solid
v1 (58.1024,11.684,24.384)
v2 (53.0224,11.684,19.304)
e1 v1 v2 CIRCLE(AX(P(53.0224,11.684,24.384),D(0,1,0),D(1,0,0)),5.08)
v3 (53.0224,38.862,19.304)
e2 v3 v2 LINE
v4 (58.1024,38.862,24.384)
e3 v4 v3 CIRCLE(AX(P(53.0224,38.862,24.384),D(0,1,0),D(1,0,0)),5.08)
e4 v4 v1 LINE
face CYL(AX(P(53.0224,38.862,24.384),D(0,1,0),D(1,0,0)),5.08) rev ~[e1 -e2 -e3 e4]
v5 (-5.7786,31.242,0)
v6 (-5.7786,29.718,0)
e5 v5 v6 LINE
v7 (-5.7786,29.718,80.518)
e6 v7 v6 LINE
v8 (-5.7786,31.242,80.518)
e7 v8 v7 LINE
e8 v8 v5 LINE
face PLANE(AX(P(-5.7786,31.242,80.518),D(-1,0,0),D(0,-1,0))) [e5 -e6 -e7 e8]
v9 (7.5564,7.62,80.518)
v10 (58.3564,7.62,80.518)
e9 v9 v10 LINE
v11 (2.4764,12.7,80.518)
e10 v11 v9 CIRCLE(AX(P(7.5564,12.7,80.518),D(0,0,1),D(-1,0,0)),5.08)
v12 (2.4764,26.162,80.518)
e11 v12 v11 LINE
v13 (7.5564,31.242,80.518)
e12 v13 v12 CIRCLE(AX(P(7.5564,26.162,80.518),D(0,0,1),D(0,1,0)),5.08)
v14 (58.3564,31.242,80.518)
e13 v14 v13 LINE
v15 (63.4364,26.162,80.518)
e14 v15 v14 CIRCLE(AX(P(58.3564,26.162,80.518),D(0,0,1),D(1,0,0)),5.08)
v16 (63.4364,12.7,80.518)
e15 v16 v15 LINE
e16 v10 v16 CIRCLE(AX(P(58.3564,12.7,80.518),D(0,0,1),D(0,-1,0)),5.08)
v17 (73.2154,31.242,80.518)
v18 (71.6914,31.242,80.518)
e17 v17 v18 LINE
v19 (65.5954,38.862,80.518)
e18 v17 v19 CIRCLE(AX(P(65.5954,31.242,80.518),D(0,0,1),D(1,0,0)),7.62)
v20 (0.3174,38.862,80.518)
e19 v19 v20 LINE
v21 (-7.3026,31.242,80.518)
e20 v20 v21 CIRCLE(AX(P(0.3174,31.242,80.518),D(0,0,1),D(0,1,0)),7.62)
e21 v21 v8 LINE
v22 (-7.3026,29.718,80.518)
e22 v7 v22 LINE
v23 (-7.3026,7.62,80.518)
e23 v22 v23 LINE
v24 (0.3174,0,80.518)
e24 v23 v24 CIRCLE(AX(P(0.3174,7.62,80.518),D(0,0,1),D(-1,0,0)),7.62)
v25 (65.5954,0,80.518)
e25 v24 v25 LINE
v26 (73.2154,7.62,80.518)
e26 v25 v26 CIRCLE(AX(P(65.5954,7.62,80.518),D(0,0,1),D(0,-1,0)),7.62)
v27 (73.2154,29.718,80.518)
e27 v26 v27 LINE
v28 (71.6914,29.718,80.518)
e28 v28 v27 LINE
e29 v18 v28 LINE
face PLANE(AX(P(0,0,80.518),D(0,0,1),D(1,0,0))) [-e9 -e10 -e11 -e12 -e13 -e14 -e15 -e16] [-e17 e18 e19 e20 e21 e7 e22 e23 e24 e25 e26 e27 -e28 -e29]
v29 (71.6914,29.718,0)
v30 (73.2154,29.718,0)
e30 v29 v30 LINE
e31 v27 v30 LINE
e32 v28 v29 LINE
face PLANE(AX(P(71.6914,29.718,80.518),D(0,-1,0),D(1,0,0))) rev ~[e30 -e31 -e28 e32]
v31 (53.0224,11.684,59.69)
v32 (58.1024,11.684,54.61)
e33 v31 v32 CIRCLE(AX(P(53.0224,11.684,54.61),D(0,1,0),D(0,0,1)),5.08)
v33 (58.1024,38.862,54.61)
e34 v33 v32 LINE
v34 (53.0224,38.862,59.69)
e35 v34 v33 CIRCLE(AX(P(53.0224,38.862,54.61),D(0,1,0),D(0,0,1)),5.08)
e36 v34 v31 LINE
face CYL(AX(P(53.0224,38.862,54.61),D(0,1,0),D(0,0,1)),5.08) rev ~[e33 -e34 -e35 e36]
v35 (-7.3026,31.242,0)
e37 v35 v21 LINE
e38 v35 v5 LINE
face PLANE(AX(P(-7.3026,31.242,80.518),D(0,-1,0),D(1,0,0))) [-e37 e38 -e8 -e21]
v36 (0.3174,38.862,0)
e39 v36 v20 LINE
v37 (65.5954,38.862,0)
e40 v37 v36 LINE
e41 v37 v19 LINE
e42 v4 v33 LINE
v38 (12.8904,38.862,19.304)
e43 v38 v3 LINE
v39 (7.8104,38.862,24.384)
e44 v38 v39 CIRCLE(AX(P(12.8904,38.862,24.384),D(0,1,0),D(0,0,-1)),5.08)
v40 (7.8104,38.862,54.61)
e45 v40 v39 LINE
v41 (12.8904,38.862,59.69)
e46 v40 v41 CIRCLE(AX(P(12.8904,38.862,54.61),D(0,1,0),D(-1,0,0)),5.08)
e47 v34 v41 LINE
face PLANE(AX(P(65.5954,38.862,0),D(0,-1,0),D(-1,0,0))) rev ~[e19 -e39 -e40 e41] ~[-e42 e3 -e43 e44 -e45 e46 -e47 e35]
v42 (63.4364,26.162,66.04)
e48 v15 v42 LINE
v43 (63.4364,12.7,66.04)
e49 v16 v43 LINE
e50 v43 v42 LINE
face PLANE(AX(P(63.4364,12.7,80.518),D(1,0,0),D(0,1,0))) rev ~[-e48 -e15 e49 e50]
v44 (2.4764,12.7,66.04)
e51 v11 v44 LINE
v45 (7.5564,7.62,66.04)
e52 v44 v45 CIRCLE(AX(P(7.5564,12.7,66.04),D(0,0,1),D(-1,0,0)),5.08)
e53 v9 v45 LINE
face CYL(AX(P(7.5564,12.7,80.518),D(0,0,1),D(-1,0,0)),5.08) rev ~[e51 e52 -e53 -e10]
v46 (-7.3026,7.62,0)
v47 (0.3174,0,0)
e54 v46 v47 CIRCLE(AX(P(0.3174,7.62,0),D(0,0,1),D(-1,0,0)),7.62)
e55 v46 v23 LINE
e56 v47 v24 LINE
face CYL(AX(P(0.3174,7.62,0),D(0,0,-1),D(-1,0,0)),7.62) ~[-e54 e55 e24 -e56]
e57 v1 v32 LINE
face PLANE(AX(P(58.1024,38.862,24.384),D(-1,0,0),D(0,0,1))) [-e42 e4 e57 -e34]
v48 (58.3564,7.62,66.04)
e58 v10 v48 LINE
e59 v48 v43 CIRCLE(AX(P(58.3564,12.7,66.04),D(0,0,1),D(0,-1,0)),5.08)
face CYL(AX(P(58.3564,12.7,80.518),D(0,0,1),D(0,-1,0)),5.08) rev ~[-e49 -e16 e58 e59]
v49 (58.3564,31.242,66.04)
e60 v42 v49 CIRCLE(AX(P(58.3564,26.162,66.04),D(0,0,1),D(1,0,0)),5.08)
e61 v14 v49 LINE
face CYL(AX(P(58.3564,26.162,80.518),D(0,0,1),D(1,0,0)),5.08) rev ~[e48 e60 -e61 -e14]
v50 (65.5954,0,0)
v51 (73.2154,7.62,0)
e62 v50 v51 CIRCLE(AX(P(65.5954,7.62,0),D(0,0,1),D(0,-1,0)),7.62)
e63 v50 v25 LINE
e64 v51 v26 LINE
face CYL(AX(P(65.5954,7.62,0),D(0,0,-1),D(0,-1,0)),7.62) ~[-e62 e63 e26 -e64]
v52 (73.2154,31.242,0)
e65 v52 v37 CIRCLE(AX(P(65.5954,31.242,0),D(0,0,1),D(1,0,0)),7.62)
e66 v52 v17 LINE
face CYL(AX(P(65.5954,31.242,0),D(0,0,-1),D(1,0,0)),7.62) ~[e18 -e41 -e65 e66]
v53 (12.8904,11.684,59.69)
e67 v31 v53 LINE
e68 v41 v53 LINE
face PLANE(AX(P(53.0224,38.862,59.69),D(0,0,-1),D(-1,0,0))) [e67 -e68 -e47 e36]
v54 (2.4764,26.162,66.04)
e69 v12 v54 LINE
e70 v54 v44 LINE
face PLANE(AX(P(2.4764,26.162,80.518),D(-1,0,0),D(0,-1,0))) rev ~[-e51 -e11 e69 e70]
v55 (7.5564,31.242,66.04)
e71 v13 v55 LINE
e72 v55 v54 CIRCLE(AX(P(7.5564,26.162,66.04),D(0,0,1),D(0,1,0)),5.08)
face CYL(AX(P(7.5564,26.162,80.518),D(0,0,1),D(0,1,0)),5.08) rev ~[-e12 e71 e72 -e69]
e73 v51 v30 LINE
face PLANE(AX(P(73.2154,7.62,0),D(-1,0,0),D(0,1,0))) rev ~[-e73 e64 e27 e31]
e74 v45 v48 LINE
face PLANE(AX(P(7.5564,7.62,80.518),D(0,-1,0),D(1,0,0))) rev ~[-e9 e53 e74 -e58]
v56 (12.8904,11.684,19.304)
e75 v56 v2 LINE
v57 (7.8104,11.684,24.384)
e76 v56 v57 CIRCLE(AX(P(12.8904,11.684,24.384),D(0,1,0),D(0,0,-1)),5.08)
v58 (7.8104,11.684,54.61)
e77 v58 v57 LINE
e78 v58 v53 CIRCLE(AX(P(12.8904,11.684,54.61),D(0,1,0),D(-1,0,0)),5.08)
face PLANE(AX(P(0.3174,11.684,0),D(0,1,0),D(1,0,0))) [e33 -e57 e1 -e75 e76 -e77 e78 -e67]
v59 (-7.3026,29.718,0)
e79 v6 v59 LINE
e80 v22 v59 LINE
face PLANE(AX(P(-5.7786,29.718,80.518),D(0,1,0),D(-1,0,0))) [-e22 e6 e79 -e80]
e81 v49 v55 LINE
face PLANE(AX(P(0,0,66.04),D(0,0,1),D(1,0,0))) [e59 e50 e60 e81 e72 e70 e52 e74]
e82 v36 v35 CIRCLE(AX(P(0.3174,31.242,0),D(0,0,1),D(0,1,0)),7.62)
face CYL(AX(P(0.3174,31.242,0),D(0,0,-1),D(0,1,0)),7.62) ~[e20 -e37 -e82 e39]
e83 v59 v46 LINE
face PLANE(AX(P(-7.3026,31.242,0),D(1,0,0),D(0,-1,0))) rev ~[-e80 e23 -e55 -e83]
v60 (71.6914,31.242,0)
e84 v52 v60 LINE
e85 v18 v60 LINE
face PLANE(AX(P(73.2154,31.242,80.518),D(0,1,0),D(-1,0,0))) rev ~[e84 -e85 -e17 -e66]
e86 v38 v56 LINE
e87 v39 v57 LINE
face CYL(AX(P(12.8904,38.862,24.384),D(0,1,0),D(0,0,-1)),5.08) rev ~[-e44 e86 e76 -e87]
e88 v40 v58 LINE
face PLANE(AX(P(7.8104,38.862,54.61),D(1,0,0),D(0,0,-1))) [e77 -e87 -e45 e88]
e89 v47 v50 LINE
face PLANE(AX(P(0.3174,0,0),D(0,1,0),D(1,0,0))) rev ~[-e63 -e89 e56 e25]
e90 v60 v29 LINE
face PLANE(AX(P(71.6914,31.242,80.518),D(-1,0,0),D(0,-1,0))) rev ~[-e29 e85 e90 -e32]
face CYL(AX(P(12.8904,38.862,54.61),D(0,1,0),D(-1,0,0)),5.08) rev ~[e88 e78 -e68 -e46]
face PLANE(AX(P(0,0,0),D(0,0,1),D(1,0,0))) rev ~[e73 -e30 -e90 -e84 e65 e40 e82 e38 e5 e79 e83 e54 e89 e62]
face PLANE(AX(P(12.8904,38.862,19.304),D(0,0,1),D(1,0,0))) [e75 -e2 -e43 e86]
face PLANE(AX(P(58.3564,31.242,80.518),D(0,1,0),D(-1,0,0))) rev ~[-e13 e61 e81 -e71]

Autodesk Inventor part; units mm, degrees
ref_plane "YZ Plane" through (0, 0, 0) normal (1, 0, 0) x (0, 1, 0)
ref_plane "XZ Plane" through (0, 0, 0) normal (0, 1, 0) x (-1, 0, 0)
ref_plane "XY Plane" through (0, 0, 0) normal (0, 0, 1) x (1, 0, 0)
sketch "Sketch1" plane through (0, 0, 0) normal (0, 0, 1) x (1, 0, 0)
  point P0 (0, 0)
sketch "Sketch2" plane through (0, 0, 0) normal (0, 0, 1) x (1, 0, 0)
  line L0 (0.3174, 0) -> (65.5954, 0)
  line L1 (73.2154, 7.62) -> (73.2154, 31.242)
  line L2 (65.5954, 38.862) -> (0.3174, 38.862)
  line L3 (-7.3026, 31.242) -> (-7.3026, 7.62)
  arc A0 (0.3174, 38.862) -> (-7.3026, 31.242) centre (0.3174, 31.242) ccw
  arc A1 (-7.3026, 7.62) -> (0.3174, 0) centre (0.3174, 7.62) ccw
  arc A2 (73.2154, 31.242) -> (65.5954, 38.862) centre (65.5954, 31.242) ccw
  arc A3 (65.5954, 0) -> (73.2154, 7.62) centre (65.5954, 7.62) ccw
  point P0 (0, 0)
  point P1 (-7.3026, 0)
  point P2 (73.2154, 0)
  point P3 (73.2154, 38.862)
  dimension "d0" = 80.518
  dimension "d1" = 38.862
  dimension "d2" = 7.62
extrude "Extrusion1" add sketch "Sketch2" along normal blind 80.518
sketch "Sketch3" plane through (0, 0, 80.518) normal (0, 0, 1) x (1, 0, 0)
  line L0 (7.5564, 7.62) -> (58.3564, 7.62)
  line L1 (63.4364, 12.7) -> (63.4364, 26.162)
  line L2 (58.3564, 31.242) -> (7.5564, 31.242)
  line L3 (2.4764, 26.162) -> (2.4764, 12.7)
  line L4 (73.2154, 7.62) -> (73.2154, 31.242) projected
  line L5 (65.5954, 38.862) -> (0.3174, 38.862) projected
  arc A0 (7.5564, 31.242) -> (2.4764, 26.162) centre (7.5564, 26.162) ccw
  arc A1 (2.4764, 12.7) -> (7.5564, 7.62) centre (7.5564, 12.7) ccw
  arc A2 (58.3564, 7.62) -> (63.4364, 12.7) centre (58.3564, 12.7) ccw
  arc A3 (63.4364, 26.162) -> (58.3564, 31.242) centre (58.3564, 26.162) ccw
  point P0 (0, 0)
  point P1 (2.4764, 7.62)
  point P2 (63.4364, 7.62)
  point P3 (63.4364, 31.242)
  dimension "d5" = 60.96
  dimension "d6" = 23.622
  dimension "d7" = 9.779
  dimension "d8" = 7.62
  dimension "d9" = 5.08
extrude "Extrusion2" cut sketch "Sketch3" against normal blind 14.478
sketch "Sketch4" plane through (0.3174, 38.862, 0) normal (0, 1, 0) x (1, 0, 0)
  line L0 (12.573, -19.304) -> (52.705, -19.304)
  line L1 (57.785, -24.384) -> (57.785, -54.61)
  line L2 (52.705, -59.69) -> (12.573, -59.69)
  line L3 (7.493, -54.61) -> (7.493, -24.384)
  line L4 (65.278, -80.518) -> (0, -80.518) projected
  line L5 (72.898, 0) -> (72.898, -80.518) projected
  arc A0 (7.493, -54.61) -> (12.573, -59.69) centre (12.573, -54.61) ccw
  arc A1 (12.573, -19.304) -> (7.493, -24.384) centre (12.573, -24.384) ccw
  arc A2 (57.785, -24.384) -> (52.705, -19.304) centre (52.705, -24.384) ccw
  arc A3 (52.705, -59.69) -> (57.785, -54.61) centre (52.705, -54.61) ccw
  point P0 (-0.3174, 0)
  point P1 (7.493, -19.304)
  point P2 (57.785, -19.304)
  point P3 (57.785, -59.69)
  point P4 (7.493, -59.69)
  dimension "d12" = 50.292
  dimension "d13" = 40.386
  dimension "d14" = 20.828
  dimension "d15" = 15.113
  dimension "d18" = 5.08
extrude "Extrusion3" cut sketch "Sketch4" against normal blind 27.178
sketch "Sketch5" plane through (0, 0, 80.518) normal (0, 0, 1) x (1, 0, 0)
  line L0 (73.2154, 7.62) -> (73.2154, 31.242) projected
  line L1 (73.2154, 31.242) -> (71.6914, 31.242)
  line L2 (71.6914, 31.242) -> (71.6914, 29.718)
  line L3 (71.6914, 29.718) -> (73.2154, 29.718)
  line L4 (73.2154, 31.242) -> (73.2154, 29.718)
  line L5 (65.5954, 38.862) -> (0.3174, 38.862) projected
  point P0 (0, 0)
  dimension "d19" = 1.524
  dimension "d20" = 1.524
  dimension "d21" = 7.62
extrude "Extrusion4" cut sketch "Sketch5" against normal blind 80.518
sketch "Sketch6" plane through (0, 0, 80.518) normal (0, 0, 1) x (1, 0, 0)
  line L0 (-7.3026, 31.242) -> (-7.3026, 7.62) projected
  line L1 (-7.3026, 31.242) -> (-5.7786, 31.242)
  line L2 (-5.7786, 31.242) -> (-5.7786, 29.718)
  line L3 (-5.7786, 29.718) -> (-7.3026, 29.718)
  line L4 (-7.3026, 31.242) -> (-7.3026, 29.718)
  point P0 (0, 0)
  dimension "d24" = 1.524
  dimension "d25" = 1.524
extrude "Extrusion5" cut sketch "Sketch6" against normal blind 80.518
properties material "Wood (Cherry)"
